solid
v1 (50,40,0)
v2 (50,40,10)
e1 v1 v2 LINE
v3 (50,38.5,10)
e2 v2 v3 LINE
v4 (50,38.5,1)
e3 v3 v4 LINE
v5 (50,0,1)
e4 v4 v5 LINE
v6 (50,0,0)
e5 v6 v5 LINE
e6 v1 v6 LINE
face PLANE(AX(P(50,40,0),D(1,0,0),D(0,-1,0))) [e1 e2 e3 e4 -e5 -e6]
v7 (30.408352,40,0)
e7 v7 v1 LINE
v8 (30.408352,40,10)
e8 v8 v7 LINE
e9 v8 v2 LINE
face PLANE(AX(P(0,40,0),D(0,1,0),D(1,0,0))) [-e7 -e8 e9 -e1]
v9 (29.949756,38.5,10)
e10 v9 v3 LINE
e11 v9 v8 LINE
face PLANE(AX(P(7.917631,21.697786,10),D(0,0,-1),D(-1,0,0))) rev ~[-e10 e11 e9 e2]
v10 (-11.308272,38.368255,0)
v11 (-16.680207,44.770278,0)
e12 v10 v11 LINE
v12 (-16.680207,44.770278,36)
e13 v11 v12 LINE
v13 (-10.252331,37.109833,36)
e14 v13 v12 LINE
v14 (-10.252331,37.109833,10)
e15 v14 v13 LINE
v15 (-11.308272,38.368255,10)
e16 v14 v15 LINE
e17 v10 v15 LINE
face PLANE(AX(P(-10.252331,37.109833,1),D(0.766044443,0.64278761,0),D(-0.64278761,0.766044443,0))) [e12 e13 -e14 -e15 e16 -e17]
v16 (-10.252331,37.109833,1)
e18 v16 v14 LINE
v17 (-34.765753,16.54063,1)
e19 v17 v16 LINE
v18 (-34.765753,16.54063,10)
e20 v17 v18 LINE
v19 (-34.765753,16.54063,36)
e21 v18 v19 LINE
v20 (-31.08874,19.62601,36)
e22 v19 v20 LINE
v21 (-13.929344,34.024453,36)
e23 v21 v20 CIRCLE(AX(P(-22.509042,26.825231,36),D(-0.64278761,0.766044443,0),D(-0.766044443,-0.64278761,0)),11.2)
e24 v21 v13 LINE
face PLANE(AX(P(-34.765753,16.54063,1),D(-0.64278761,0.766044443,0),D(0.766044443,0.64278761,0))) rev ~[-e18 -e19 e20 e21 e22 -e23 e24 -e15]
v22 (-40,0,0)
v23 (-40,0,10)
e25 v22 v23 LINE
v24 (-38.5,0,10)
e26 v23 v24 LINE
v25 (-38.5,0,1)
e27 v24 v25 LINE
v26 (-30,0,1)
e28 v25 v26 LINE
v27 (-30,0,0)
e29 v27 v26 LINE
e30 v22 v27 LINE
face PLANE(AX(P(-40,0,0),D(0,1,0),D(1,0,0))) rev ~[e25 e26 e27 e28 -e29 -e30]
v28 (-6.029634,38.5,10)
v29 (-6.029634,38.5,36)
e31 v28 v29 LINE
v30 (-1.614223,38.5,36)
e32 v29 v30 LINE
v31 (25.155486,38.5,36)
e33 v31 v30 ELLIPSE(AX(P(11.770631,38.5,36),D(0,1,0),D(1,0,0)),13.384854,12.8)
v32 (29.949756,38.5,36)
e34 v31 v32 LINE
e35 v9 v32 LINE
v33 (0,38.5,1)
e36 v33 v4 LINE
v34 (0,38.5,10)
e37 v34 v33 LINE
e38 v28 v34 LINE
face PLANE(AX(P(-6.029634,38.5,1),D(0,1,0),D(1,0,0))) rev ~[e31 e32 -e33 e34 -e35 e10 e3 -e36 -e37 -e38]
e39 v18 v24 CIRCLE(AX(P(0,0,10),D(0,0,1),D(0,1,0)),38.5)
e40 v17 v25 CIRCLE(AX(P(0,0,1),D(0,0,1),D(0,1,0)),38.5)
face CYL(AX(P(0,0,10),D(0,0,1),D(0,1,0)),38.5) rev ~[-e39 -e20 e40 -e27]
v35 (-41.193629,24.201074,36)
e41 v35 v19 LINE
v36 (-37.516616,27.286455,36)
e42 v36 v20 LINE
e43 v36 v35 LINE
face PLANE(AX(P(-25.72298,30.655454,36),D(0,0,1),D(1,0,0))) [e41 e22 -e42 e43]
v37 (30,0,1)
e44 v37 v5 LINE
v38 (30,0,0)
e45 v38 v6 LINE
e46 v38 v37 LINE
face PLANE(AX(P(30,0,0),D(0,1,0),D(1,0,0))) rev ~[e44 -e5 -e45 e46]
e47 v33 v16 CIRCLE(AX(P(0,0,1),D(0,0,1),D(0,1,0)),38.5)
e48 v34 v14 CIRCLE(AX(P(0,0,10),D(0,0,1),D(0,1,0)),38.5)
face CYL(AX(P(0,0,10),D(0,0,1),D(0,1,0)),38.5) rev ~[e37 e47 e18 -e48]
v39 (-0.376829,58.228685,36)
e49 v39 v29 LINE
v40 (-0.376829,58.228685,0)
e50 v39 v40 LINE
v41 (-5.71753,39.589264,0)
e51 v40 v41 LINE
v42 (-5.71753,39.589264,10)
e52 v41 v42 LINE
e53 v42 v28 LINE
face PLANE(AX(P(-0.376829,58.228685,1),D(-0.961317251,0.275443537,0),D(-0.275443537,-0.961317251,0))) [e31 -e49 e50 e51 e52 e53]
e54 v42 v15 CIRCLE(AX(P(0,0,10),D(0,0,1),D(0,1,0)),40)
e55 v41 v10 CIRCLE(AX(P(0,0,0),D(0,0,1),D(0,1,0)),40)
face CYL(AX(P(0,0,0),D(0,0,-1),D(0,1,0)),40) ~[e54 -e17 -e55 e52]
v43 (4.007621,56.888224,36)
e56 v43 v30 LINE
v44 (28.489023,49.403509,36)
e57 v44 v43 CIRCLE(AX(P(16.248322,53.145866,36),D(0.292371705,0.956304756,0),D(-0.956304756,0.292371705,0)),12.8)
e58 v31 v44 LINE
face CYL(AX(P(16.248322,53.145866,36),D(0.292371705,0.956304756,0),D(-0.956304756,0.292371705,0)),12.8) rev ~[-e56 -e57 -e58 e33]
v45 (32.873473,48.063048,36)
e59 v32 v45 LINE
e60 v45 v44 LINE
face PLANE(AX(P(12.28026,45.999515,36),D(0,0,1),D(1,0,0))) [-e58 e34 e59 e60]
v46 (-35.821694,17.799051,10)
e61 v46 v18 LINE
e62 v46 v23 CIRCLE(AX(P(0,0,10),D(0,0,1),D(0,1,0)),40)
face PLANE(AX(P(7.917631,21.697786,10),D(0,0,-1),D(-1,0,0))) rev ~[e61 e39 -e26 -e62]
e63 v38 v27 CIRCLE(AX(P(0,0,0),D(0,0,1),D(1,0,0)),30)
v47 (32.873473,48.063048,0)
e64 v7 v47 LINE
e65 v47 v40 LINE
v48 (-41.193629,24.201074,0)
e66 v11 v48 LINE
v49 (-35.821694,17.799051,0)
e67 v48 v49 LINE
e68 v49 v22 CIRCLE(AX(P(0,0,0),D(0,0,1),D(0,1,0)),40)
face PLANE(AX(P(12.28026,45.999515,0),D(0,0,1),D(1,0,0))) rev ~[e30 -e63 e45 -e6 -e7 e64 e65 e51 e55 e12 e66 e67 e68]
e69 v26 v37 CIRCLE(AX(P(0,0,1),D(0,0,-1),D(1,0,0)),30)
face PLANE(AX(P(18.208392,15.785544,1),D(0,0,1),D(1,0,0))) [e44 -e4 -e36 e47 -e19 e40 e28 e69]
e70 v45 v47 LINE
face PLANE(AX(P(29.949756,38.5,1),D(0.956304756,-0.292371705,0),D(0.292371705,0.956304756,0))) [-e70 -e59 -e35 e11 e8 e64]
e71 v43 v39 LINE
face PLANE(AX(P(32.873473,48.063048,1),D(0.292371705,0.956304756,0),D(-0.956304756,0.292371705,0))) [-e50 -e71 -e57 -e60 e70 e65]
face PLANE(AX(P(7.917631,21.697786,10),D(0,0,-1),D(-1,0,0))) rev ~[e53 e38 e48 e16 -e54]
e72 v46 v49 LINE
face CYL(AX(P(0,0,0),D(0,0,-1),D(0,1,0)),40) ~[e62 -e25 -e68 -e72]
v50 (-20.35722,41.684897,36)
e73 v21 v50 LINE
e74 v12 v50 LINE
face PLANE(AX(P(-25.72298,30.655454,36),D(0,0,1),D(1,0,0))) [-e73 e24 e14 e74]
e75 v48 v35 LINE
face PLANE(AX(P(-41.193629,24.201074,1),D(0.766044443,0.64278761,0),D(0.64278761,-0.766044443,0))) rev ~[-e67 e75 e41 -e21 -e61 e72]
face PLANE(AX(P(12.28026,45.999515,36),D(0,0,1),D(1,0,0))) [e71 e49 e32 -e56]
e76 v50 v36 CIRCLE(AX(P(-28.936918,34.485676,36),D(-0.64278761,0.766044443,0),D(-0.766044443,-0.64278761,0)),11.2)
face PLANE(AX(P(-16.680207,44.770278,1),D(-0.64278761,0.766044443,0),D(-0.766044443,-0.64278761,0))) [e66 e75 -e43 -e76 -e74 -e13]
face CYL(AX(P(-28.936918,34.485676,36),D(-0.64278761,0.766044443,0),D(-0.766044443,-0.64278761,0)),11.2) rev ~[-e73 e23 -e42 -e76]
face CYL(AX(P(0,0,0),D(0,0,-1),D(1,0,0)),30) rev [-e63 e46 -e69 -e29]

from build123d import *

# Parameters (mm, degrees)
PAD_DEPTH         = 10
POCKET_DEPTH      = 9
PAD001_DEPTH      = 35
PAD001_DEPTH_BACK = 1
SKETCH007_R       = 12.8
POCKET001_DEPTH   = 67.6190458501
SKETCH004_R       = 11.2
POCKET002_DEPTH   = 77.1582330742


with BuildPart() as part:
    # Sketch → Pad (new body)
    with BuildSketch(Plane.XY):
        with BuildLine():
            ThreePointArc((30, 0), (0, 30), (-30, 0))
            Line((-40, 0), (-30, 0))
            ThreePointArc((0, 40), (-28.2842712475, 28.2842712475), (-40, 0))
            Line((0, 40), (50, 40))
            Line((50, 40), (50, 0))
            Line((30, 0), (50, 0))
        make_face()
    extrude(amount=PAD_DEPTH)

    # Sketch002 → Pocket (cut)
    with BuildSketch(Plane.XY.offset(10)):
        with BuildLine():
            ThreePointArc((0, 38.5), (-27.2236110757, 27.2236110757), (-38.5, 0))
            Line((65, -6.5), (-38.5, 0))
            Line((65, 38.5), (65, -6.5))
            Line((0, 38.5), (65, 38.5))
        make_face()
    extrude(amount=-POCKET_DEPTH, mode=Mode.SUBTRACT)

    # Sketch003 → Pad001 (new body, two sides)
    with BuildSketch(Plane.XY.offset(1)) as pad001_sk:
        Polygon((-0.3768292053, 58.2286851346), (-6.0296340472, 38.5), (29.9497560282, 38.5), (32.8734730754, 48.0630475596), align=None)
        Polygon((-16.6802067695, 44.7702775725), (-41.1936289493, 24.2010740626), (-34.7657528524, 16.5406296314), (-10.2523306726, 37.1098331414), align=None)
    extrude(amount=PAD001_DEPTH)
    extrude(pad001_sk.sketch, amount=-PAD001_DEPTH_BACK)

    # Sketch007 → Pocket001 (cut, through all)
    with BuildSketch(Plane(origin=(16.248321935, 53.1458663471, 0), x_dir=(-0.956304756, 0.2923717047, 0), z_dir=(0.2923717047, 0.956304756, 0))):
        with Locations((0, 36)):
            Circle(SKETCH007_R)
    extrude(amount=-POCKET001_DEPTH, mode=Mode.SUBTRACT)

    # Sketch004 → Pocket002 (cut, through all)
    with BuildSketch(Plane(origin=(-28.9369178594, 34.4856758176, 0), x_dir=(-0.7660444431, -0.6427876097, 0), z_dir=(-0.6427876097, 0.7660444431, 0))):
        with Locations((0, 36)):
            Circle(SKETCH004_R)
    extrude(amount=-POCKET002_DEPTH, mode=Mode.SUBTRACT)


solid = part.part
